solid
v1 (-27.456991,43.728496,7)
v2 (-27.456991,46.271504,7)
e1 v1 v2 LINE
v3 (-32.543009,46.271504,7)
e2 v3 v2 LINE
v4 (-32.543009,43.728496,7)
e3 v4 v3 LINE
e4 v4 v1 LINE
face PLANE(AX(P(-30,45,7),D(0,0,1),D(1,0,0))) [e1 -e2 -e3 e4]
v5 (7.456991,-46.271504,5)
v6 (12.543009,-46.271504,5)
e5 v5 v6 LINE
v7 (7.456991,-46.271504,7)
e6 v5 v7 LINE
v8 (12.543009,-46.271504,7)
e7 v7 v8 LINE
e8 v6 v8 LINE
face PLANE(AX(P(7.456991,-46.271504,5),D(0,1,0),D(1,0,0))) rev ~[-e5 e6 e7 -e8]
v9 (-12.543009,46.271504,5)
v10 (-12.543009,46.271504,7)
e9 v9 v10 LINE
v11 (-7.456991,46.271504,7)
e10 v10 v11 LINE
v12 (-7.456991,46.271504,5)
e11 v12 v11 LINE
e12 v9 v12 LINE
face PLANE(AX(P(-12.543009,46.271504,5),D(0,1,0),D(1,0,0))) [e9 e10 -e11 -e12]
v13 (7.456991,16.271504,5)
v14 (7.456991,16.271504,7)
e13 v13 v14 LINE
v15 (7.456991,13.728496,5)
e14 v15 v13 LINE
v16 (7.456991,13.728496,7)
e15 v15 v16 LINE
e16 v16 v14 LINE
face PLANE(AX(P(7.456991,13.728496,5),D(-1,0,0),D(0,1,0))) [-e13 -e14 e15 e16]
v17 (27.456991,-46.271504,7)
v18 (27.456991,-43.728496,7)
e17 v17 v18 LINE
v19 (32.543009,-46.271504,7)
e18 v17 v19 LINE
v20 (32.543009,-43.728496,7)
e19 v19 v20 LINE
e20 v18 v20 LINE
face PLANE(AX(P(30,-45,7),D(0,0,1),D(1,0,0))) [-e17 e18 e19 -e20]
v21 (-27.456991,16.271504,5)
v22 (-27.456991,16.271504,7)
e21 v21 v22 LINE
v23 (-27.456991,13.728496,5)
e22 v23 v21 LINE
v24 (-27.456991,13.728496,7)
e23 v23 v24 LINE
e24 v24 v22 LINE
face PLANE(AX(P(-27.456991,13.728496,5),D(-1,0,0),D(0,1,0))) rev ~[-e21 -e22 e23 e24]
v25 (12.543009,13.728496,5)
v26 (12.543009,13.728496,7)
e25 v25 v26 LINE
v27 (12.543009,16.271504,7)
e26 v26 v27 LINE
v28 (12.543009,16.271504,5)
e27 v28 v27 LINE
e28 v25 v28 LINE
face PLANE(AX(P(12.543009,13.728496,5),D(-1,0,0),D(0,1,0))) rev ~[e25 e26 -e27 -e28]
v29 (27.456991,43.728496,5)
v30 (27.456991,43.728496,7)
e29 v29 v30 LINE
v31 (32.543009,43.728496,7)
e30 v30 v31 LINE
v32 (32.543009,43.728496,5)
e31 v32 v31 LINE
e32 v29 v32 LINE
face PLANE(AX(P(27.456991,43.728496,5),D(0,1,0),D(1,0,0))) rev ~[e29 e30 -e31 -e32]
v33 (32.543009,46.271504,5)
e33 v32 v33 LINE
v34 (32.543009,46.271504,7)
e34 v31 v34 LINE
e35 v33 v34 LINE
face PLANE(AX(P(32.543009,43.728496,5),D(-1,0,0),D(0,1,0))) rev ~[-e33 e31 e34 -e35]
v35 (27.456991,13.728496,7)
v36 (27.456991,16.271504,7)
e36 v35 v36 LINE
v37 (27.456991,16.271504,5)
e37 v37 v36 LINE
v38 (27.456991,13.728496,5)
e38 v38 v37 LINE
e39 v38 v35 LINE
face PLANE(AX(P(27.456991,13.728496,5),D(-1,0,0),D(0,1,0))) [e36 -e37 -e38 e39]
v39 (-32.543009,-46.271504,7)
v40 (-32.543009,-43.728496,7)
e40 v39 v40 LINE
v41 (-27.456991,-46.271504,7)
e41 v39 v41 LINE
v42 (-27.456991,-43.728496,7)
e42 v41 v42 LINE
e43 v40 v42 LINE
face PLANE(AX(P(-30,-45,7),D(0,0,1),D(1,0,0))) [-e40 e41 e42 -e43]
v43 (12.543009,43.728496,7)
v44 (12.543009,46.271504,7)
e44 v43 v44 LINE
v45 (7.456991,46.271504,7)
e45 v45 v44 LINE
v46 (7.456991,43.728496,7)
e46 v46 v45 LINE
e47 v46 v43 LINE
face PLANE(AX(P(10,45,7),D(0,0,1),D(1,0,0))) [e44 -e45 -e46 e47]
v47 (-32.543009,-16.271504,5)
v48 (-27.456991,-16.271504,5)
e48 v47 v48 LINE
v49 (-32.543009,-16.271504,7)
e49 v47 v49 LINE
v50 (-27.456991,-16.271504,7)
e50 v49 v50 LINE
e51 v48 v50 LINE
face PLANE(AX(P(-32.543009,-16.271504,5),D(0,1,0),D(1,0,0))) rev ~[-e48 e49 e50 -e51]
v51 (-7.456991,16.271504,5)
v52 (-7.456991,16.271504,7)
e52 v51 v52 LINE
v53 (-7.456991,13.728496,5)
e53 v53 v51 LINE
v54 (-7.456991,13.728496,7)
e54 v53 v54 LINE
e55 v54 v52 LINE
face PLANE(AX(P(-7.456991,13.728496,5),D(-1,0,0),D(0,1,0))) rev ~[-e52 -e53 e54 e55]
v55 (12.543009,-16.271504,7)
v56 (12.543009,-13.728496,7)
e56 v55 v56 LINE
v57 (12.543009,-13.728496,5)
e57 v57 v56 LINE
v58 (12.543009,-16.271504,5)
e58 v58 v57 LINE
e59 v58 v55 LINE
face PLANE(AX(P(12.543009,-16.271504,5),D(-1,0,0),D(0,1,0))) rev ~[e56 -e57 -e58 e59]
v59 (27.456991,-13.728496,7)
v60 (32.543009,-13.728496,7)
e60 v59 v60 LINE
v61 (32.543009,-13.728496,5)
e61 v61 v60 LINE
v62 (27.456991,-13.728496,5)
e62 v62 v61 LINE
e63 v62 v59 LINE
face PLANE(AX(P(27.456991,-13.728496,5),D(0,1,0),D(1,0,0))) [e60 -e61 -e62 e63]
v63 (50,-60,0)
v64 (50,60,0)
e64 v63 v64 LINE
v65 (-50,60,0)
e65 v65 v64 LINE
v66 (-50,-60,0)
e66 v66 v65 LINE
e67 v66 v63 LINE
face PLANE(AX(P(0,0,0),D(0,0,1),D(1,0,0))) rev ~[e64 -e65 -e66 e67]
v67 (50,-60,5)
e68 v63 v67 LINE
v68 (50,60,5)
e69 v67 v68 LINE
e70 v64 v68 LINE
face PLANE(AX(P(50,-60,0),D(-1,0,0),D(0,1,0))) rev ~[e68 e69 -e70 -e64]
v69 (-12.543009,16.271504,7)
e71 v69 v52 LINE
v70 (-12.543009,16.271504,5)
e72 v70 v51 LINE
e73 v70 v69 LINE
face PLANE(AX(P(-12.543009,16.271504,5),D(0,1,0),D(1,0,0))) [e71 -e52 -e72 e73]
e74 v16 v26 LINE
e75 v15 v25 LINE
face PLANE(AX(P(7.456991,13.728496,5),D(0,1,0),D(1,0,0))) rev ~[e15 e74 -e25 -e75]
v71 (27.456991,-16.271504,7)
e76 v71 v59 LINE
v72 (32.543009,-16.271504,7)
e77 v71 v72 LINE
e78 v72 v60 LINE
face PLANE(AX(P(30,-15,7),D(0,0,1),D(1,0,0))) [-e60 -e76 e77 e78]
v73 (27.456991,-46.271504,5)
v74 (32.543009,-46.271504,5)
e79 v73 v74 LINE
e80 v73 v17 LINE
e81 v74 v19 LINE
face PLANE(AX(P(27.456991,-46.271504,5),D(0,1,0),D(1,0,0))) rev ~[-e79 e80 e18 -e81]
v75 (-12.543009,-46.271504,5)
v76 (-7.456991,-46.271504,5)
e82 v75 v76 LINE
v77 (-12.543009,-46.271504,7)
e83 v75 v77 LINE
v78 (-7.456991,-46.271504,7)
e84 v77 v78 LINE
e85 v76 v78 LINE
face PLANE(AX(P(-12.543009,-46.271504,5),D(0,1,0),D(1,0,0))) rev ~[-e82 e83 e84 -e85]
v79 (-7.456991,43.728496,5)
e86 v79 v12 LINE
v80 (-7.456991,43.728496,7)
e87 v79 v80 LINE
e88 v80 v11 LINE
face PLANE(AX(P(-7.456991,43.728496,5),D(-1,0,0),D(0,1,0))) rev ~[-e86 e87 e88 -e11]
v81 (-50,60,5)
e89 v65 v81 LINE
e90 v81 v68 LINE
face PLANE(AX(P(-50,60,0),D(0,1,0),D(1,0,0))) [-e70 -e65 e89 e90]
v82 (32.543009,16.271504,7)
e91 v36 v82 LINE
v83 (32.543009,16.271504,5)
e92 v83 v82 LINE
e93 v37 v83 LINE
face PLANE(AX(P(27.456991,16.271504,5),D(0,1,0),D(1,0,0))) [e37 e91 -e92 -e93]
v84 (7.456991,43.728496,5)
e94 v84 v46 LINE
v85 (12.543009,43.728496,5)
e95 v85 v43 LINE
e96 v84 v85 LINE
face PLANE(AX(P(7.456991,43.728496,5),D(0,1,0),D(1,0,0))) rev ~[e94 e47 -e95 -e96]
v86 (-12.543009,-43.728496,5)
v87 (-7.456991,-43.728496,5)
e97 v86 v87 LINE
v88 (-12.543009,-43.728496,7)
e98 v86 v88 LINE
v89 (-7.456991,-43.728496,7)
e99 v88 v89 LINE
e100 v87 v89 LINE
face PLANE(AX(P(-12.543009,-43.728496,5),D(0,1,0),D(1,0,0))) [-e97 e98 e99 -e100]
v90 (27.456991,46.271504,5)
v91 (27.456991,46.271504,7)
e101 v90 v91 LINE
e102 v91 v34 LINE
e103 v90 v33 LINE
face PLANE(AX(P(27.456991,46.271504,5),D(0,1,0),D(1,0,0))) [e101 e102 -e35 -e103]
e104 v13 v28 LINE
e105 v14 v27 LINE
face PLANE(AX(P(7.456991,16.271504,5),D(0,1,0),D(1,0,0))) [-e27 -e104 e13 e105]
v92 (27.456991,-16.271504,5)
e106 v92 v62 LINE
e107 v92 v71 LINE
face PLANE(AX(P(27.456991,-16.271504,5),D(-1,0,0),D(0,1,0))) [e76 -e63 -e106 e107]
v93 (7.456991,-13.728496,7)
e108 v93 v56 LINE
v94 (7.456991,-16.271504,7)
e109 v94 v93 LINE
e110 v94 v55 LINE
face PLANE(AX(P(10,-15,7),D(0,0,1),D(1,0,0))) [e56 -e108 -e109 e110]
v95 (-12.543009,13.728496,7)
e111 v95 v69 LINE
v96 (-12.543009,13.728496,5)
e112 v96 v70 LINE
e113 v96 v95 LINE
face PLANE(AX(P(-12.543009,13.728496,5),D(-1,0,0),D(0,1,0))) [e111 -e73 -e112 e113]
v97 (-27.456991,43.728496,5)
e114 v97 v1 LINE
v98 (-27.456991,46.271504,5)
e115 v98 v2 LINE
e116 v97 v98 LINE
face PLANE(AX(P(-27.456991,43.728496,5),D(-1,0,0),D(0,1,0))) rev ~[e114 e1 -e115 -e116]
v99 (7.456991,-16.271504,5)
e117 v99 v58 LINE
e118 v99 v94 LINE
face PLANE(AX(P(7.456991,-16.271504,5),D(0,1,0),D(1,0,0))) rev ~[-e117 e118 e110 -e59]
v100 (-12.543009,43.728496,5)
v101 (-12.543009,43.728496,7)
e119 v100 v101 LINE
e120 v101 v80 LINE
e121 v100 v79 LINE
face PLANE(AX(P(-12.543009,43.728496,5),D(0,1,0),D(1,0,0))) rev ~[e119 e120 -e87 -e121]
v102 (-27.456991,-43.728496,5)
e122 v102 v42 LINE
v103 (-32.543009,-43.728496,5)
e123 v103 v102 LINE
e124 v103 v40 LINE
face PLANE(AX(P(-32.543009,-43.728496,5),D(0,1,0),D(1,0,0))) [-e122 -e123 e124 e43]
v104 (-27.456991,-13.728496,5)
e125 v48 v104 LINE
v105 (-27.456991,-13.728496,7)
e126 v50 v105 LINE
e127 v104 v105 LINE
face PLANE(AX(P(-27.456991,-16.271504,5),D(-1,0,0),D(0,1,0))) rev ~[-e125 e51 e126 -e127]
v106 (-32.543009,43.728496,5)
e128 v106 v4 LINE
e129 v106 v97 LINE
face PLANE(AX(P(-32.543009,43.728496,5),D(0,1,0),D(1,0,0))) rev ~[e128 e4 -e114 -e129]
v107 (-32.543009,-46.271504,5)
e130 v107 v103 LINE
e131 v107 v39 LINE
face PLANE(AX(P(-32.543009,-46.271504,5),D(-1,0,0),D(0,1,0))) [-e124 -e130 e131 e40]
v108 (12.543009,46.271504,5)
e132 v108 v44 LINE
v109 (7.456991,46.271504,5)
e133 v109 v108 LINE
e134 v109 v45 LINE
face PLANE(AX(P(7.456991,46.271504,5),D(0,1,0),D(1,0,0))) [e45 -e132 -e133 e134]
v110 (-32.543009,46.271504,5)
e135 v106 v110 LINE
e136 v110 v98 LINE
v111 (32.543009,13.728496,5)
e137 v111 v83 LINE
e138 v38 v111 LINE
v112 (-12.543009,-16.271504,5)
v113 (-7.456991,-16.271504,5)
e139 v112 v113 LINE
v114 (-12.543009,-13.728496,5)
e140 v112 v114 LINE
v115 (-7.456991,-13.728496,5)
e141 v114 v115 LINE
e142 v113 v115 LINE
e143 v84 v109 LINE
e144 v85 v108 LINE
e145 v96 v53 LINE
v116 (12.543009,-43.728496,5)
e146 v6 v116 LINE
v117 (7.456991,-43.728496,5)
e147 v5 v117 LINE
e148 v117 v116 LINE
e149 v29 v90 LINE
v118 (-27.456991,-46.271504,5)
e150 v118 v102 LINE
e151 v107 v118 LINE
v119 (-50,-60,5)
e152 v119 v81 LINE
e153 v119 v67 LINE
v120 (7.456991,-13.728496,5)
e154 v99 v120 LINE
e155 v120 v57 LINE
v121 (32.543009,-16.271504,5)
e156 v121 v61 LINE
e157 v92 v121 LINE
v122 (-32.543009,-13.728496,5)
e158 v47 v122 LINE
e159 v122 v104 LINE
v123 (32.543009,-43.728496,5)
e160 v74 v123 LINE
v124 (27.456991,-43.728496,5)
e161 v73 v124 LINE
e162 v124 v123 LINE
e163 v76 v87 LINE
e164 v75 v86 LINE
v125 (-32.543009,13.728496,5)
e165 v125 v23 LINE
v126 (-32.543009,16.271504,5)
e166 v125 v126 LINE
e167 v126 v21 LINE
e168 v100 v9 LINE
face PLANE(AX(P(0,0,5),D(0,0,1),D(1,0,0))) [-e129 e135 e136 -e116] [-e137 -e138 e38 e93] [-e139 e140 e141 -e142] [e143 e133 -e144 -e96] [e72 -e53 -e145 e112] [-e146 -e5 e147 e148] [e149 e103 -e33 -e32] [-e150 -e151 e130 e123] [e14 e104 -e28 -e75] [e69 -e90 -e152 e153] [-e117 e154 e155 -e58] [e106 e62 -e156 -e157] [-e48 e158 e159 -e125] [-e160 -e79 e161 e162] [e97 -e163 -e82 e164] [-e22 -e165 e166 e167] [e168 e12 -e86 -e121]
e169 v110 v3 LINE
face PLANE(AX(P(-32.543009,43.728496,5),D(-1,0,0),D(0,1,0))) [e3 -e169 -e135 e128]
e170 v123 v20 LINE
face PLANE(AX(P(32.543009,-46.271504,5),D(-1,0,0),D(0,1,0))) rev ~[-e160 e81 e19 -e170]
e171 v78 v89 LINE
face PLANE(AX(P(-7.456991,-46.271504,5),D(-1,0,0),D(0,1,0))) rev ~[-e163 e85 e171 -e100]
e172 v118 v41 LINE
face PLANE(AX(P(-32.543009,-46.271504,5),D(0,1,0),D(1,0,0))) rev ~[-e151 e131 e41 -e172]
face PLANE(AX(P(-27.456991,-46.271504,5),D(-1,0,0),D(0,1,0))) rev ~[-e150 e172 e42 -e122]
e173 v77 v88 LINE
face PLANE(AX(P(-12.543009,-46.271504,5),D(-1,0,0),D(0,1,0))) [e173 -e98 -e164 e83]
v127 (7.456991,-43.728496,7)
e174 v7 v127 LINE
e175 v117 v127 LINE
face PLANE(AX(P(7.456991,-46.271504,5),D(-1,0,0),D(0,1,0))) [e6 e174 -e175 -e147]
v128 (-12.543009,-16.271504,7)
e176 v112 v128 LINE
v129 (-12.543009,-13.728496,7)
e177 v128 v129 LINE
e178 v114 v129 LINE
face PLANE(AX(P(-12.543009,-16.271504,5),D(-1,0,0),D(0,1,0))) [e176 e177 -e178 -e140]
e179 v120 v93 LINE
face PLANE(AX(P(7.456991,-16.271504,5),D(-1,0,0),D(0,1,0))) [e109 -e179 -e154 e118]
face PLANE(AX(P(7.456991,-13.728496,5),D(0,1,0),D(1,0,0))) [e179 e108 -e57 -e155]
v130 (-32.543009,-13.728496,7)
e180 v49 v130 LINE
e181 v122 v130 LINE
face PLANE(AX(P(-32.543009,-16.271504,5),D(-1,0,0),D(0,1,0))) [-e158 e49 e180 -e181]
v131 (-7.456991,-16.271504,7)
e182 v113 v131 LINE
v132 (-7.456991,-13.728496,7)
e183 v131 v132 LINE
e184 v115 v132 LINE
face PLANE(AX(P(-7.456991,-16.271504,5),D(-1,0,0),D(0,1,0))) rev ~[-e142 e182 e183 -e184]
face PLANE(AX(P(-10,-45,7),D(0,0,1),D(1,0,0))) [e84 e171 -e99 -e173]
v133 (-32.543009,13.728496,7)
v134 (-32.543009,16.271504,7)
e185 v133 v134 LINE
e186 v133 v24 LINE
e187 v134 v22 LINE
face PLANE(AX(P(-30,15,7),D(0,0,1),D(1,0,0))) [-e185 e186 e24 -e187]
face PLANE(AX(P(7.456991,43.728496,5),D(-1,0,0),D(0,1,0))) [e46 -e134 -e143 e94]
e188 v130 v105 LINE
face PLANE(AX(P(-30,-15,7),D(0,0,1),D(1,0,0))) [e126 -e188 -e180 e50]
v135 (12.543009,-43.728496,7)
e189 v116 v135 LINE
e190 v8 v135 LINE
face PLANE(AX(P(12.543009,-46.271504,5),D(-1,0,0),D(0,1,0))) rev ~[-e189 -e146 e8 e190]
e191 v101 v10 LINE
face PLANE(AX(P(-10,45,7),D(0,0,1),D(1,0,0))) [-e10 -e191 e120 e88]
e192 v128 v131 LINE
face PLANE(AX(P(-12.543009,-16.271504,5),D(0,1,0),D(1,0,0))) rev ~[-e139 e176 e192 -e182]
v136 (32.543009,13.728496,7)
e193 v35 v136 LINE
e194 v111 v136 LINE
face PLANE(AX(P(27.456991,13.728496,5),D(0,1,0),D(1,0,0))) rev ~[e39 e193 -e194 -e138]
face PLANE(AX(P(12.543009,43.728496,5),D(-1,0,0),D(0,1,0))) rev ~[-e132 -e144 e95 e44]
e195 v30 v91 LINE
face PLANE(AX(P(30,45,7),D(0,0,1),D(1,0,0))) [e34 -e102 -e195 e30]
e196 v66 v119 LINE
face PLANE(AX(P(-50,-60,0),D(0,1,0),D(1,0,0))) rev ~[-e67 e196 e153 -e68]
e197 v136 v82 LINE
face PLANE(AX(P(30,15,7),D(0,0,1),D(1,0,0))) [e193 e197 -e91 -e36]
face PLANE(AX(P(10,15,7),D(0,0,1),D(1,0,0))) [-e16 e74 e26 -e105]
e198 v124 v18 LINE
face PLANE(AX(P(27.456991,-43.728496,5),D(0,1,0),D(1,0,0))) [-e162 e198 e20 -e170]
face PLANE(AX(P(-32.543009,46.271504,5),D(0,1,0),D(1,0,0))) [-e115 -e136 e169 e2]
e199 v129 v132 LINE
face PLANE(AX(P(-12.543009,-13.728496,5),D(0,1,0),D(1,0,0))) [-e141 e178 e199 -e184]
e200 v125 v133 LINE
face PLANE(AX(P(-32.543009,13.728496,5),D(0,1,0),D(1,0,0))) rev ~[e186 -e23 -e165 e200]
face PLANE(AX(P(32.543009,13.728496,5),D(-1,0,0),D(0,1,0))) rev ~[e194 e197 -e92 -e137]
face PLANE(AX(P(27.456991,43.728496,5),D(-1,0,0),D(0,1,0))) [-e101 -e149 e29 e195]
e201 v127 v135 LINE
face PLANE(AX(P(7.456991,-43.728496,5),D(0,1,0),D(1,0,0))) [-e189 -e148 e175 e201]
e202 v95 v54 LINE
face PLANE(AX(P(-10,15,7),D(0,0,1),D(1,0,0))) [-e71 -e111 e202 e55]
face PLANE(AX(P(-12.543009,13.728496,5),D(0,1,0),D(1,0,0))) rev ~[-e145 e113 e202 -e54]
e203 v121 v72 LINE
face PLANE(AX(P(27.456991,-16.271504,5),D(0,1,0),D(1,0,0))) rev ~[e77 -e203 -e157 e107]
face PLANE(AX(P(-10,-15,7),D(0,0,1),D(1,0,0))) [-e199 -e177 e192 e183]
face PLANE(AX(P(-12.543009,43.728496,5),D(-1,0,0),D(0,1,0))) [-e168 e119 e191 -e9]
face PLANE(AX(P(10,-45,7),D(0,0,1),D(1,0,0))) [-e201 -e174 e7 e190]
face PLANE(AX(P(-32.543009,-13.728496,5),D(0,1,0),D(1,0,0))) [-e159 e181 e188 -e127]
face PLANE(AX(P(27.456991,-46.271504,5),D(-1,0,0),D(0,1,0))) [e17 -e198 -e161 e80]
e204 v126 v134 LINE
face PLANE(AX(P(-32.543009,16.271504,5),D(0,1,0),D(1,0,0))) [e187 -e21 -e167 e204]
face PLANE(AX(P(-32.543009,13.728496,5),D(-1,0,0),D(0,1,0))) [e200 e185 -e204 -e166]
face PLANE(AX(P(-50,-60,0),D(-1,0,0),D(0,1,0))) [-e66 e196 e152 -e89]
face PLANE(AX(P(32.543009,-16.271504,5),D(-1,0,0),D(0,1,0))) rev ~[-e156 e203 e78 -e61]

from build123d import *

# Parameters (mm, degrees)
SKETCH_1_W      = 100
SKETCH_1_H      = 120
EXTRUDE_1_DEPTH = 5
SKETCH_2_W      = 5.086017552
SKETCH_2_H      = 2.543008776
EXTRUDE_2_DEPTH = 2


with BuildPart() as part:
    # 草图1 → 凸台-拉伸1 (new body)
    with BuildSketch(Plane.XY):
        Rectangle(SKETCH_1_W, SKETCH_1_H)
    extrude(amount=EXTRUDE_1_DEPTH)

    # 草图2 → 凸台-拉伸2 (add)
    with BuildSketch(Plane.XY.offset(5)):
        with Locations((-10, 45)):
            Rectangle(SKETCH_2_W, SKETCH_2_H)
        with Locations((-30, 45)):
            Rectangle(SKETCH_2_W, SKETCH_2_H)
        with Locations((10, 45)):
            Rectangle(SKETCH_2_W, SKETCH_2_H)
        with Locations((30, 45)):
            Rectangle(SKETCH_2_W, SKETCH_2_H)
        with Locations((-30, 15)):
            Rectangle(SKETCH_2_W, SKETCH_2_H)
        with Locations((-10, 15)):
            Rectangle(SKETCH_2_W, SKETCH_2_H)
        with Locations((10, 15)):
            Rectangle(SKETCH_2_W, SKETCH_2_H)
        with Locations((30, 15)):
            Rectangle(SKETCH_2_W, SKETCH_2_H)
        with Locations((-30, -15)):
            Rectangle(SKETCH_2_W, SKETCH_2_H)
        with Locations((-10, -15)):
            Rectangle(SKETCH_2_W, SKETCH_2_H)
        with Locations((10, -15)):
            Rectangle(SKETCH_2_W, SKETCH_2_H)
        with Locations((30, -15)):
            Rectangle(SKETCH_2_W, SKETCH_2_H)
        with Locations((-30, -45)):
            Rectangle(SKETCH_2_W, SKETCH_2_H)
        with Locations((-10, -45)):
            Rectangle(SKETCH_2_W, SKETCH_2_H)
        with Locations((10, -45)):
            Rectangle(SKETCH_2_W, SKETCH_2_H)
        with Locations((30, -45)):
            Rectangle(SKETCH_2_W, SKETCH_2_H)
    extrude(amount=EXTRUDE_2_DEPTH)


solid = part.part
